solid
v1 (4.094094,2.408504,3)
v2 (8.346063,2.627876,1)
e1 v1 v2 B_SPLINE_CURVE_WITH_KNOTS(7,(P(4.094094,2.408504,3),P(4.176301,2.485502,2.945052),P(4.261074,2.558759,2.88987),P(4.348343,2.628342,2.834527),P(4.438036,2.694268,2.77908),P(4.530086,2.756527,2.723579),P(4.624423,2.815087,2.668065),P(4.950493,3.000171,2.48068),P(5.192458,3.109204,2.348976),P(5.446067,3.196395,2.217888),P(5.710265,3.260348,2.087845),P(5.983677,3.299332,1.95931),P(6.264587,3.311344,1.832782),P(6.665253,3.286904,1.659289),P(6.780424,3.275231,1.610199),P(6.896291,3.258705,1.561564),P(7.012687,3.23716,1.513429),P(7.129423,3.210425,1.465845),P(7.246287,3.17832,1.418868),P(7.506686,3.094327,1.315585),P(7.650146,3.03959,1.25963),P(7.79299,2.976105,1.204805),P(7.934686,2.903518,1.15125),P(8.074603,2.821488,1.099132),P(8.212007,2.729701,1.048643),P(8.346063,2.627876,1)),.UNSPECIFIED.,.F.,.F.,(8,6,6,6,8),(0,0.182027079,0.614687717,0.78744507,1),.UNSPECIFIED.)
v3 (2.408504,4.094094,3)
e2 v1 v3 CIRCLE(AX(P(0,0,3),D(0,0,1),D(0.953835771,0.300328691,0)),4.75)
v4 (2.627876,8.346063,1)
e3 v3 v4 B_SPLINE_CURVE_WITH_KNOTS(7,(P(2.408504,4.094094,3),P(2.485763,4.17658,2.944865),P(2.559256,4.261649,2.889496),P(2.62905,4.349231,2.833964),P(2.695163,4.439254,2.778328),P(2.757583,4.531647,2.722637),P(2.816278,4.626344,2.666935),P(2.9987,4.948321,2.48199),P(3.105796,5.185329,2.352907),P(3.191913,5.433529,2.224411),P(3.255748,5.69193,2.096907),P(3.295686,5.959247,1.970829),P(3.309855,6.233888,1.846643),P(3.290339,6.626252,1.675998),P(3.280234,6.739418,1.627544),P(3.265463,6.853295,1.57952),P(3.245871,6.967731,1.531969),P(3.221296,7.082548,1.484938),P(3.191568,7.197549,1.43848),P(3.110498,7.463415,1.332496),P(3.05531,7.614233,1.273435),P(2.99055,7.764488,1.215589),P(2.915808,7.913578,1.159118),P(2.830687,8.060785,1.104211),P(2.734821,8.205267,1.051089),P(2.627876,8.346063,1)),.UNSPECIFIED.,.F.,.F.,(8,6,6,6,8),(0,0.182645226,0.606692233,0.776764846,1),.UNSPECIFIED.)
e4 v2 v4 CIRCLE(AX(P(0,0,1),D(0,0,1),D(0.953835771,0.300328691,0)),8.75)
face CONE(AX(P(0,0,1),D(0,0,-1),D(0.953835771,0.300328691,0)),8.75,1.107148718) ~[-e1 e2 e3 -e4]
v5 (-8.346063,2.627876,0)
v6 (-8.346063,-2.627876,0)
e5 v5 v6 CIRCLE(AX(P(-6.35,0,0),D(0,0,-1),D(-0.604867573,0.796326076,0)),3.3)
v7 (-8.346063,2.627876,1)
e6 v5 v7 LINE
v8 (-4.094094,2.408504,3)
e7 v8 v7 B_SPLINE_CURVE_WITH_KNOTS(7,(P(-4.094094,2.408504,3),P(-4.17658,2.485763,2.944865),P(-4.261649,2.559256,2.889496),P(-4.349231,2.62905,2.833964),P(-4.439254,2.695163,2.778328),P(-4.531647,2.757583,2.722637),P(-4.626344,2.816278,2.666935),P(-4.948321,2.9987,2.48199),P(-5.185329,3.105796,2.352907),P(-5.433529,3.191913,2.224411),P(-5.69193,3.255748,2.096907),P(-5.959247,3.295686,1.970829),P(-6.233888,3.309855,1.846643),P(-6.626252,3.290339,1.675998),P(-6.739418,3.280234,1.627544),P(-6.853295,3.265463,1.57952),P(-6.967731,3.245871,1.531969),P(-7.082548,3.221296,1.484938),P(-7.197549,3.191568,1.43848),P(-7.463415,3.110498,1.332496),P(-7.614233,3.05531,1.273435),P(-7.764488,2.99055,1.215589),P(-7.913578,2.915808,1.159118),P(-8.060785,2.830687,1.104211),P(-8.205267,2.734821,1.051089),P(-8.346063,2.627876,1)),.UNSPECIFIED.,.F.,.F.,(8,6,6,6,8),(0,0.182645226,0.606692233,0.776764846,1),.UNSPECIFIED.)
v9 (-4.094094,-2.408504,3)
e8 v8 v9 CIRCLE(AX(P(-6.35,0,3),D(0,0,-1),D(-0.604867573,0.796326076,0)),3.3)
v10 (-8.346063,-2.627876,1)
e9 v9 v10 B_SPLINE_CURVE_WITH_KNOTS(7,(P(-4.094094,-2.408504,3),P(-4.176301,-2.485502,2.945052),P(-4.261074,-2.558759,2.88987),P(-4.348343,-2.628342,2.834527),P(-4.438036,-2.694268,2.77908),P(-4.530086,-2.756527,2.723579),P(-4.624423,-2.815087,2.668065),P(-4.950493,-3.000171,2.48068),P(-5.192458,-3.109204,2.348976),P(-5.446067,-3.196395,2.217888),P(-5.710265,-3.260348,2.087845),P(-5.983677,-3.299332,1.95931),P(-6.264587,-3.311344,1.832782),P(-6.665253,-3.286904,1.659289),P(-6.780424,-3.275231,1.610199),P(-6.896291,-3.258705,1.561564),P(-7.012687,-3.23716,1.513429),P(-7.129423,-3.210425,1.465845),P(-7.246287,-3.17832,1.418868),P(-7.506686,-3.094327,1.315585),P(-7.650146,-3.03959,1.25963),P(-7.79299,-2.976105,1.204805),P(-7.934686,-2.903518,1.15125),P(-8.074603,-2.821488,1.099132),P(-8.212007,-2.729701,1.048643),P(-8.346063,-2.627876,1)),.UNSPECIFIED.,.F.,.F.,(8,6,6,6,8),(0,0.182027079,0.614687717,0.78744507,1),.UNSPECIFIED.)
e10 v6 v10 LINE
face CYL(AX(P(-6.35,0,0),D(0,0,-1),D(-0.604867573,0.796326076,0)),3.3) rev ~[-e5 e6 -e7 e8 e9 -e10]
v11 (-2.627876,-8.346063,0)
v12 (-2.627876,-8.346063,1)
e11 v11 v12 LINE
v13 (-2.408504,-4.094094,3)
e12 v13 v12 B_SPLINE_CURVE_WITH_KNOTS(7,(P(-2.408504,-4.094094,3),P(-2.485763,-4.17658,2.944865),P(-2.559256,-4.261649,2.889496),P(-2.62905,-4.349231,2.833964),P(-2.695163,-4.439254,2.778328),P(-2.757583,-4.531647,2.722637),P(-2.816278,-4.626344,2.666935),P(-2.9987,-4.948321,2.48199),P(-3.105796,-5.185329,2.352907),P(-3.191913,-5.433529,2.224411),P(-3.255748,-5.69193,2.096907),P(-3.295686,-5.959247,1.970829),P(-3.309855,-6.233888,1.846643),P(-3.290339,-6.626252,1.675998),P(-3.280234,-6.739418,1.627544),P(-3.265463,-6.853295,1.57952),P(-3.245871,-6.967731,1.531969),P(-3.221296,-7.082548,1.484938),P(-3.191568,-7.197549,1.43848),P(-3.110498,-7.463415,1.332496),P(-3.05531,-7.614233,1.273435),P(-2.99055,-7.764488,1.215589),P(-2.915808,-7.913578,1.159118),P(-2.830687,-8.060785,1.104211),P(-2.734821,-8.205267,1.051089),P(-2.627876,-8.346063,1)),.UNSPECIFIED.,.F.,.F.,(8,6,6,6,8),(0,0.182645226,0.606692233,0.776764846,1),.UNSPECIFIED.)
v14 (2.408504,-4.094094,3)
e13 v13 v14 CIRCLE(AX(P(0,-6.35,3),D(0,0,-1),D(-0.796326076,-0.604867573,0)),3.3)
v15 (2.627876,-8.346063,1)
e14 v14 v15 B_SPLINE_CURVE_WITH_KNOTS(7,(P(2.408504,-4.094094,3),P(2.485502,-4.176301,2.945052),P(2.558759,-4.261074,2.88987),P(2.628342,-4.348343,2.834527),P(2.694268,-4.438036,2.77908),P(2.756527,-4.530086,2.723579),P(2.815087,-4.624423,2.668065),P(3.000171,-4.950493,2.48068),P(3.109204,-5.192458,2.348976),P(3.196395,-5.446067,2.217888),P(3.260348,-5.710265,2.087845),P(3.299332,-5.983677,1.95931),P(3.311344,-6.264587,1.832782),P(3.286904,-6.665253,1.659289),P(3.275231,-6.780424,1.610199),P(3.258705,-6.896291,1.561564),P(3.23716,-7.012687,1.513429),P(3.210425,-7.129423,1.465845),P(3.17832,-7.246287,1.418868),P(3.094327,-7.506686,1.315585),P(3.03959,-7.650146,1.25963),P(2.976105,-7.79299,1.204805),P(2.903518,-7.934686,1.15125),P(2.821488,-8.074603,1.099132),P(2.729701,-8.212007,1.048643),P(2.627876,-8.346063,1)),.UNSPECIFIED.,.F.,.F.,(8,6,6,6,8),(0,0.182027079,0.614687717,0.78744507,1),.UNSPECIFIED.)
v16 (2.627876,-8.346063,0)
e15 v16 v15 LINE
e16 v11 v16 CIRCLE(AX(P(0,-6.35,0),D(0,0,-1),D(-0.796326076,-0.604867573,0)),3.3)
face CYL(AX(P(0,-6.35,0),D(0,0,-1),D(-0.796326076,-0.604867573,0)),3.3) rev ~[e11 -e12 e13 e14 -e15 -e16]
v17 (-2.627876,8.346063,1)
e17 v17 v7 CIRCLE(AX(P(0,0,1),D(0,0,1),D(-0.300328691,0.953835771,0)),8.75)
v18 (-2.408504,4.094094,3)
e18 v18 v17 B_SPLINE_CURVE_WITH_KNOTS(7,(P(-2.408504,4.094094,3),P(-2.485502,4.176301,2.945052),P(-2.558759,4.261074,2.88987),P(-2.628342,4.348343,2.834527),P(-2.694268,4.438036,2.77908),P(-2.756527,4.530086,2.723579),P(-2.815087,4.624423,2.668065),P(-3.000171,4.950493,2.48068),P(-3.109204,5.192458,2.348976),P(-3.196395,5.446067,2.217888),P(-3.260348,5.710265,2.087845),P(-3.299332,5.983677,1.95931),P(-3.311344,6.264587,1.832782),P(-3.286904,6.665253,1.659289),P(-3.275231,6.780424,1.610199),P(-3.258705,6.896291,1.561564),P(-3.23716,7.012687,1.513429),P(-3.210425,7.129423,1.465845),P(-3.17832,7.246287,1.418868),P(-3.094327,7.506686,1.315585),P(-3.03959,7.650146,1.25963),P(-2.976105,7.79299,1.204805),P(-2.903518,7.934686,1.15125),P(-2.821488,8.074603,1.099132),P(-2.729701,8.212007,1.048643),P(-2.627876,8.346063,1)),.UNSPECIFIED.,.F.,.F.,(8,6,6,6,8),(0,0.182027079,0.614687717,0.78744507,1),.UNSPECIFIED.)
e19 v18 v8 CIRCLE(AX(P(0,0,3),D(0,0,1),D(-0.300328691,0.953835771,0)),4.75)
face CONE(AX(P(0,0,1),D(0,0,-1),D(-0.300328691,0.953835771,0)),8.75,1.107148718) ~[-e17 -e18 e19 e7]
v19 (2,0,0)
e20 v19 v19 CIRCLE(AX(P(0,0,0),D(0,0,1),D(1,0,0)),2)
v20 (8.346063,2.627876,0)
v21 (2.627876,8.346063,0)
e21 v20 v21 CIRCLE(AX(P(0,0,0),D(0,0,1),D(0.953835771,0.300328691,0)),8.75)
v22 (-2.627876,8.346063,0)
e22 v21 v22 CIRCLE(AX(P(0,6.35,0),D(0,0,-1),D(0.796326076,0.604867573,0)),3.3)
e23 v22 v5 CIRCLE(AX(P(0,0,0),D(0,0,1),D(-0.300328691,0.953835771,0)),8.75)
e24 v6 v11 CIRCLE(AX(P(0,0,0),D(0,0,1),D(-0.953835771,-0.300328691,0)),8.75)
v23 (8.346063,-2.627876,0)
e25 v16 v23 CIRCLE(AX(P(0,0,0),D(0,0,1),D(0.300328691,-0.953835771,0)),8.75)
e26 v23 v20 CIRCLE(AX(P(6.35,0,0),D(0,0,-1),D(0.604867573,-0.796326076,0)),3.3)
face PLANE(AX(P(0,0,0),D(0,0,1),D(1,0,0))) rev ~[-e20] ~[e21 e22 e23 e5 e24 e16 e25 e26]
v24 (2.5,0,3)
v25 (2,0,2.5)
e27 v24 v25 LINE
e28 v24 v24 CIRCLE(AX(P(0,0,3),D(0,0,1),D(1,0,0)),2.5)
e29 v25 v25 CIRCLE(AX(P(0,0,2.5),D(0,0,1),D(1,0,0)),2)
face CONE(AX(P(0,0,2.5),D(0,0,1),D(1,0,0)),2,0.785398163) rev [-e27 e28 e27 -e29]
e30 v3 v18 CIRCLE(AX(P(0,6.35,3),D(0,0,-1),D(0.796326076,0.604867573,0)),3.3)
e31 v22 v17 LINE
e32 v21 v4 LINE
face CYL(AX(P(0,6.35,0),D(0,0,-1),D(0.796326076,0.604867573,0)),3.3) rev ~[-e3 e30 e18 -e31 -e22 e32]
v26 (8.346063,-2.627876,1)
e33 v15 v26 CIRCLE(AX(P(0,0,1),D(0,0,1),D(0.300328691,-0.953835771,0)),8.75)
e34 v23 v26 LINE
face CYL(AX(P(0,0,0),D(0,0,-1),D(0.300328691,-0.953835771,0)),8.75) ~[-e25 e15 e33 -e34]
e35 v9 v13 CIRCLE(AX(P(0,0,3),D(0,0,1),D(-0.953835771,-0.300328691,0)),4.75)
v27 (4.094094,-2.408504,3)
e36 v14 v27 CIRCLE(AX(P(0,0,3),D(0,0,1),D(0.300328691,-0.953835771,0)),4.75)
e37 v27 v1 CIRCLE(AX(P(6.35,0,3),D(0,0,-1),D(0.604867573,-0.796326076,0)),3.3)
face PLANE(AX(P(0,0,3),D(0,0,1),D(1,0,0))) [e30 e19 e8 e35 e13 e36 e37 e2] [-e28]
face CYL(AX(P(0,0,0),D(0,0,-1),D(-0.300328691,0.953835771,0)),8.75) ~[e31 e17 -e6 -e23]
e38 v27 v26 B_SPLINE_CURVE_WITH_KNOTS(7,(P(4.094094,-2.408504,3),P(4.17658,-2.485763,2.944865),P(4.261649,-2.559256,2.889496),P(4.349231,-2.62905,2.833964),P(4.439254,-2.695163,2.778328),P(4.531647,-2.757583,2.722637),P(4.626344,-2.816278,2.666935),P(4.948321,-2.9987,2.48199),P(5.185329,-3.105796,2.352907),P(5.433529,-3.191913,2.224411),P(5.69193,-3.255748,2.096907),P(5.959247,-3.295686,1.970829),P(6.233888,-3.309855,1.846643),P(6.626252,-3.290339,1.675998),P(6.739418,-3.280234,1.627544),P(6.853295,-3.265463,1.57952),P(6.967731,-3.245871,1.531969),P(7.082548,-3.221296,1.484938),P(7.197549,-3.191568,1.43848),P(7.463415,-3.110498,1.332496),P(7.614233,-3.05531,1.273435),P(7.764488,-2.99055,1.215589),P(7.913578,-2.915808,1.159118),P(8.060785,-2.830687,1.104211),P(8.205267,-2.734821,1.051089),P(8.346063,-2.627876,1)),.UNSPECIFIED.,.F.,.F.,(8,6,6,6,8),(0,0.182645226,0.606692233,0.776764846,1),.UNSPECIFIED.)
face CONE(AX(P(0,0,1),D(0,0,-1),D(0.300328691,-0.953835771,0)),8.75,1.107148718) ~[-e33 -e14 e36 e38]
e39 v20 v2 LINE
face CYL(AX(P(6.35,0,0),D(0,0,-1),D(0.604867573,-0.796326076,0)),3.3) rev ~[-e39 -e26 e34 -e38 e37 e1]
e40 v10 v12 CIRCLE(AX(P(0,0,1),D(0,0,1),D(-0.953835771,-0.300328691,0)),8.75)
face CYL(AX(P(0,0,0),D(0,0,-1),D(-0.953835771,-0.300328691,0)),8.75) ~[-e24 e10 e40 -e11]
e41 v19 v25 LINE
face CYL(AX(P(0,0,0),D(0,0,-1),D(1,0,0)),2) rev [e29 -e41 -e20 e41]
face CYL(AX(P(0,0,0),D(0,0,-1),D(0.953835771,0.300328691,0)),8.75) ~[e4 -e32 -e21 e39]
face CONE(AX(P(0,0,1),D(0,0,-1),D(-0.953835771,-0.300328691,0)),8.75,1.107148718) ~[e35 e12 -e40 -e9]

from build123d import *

# Parameters (mm, degrees)
F0_R     = 2
F1_DEPTH = 3
F2_SIZE2 = 2
F2_SIZE  = 4
F3_SIZE  = 0.5


with BuildPart() as f1:
    # F0 (on Top) → F1 (new body)
    with BuildSketch(Plane.XY):
        with BuildLine():
            ThreePointArc((-8.3460629921, 2.6278760495), (-3.05, 0), (-8.3460629921, -2.6278760495))
            ThreePointArc((-8.3460629921, -2.6278760495), (-6.1871843354, -6.1871843354), (-2.6278760495, -8.3460629921))
            ThreePointArc((-2.6278760495, -8.3460629921), (0, -3.05), (2.6278760495, -8.3460629921))
            ThreePointArc((2.6278760495, -8.3460629921), (6.1871843354, -6.1871843354), (8.3460629921, -2.6278760495))
            ThreePointArc((8.3460629921, -2.6278760495), (3.05, 0), (8.3460629921, 2.6278760495))
            ThreePointArc((8.3460629921, 2.6278760495), (6.1871843354, 6.1871843354), (2.6278760495, 8.3460629921))
            ThreePointArc((2.6278760495, 8.3460629921), (0, 3.05), (-2.6278760495, 8.3460629921))
            ThreePointArc((-2.6278760495, 8.3460629921), (-6.1871843354, 6.1871843354), (-8.3460629921, 2.6278760495))
        make_face()
        Circle(F0_R, mode=Mode.SUBTRACT)
    extrude(amount=F1_DEPTH)

    # F2
    f2_edges = [f1.edges().sort_by_distance(p)[0] for p in [
        (-6.187184, 6.187184, 3),
        (-6.187184, -6.187184, 3),
        (6.187184, -6.187184, 3),
        (6.187184, 6.187184, 3),
    ]]
    f2_side = f1.faces().sort_by_distance((-6.020263, 6.020263, 3))[0]
    chamfer(f2_edges, length=F2_SIZE, length2=F2_SIZE2, reference=f2_side)

    # F3
    f3_edges = [f1.edges().sort_by_distance(p)[0] for p in [
        (-2, 0, 3),
    ]]
    chamfer(f3_edges, length=F3_SIZE)


solid = f1.part
